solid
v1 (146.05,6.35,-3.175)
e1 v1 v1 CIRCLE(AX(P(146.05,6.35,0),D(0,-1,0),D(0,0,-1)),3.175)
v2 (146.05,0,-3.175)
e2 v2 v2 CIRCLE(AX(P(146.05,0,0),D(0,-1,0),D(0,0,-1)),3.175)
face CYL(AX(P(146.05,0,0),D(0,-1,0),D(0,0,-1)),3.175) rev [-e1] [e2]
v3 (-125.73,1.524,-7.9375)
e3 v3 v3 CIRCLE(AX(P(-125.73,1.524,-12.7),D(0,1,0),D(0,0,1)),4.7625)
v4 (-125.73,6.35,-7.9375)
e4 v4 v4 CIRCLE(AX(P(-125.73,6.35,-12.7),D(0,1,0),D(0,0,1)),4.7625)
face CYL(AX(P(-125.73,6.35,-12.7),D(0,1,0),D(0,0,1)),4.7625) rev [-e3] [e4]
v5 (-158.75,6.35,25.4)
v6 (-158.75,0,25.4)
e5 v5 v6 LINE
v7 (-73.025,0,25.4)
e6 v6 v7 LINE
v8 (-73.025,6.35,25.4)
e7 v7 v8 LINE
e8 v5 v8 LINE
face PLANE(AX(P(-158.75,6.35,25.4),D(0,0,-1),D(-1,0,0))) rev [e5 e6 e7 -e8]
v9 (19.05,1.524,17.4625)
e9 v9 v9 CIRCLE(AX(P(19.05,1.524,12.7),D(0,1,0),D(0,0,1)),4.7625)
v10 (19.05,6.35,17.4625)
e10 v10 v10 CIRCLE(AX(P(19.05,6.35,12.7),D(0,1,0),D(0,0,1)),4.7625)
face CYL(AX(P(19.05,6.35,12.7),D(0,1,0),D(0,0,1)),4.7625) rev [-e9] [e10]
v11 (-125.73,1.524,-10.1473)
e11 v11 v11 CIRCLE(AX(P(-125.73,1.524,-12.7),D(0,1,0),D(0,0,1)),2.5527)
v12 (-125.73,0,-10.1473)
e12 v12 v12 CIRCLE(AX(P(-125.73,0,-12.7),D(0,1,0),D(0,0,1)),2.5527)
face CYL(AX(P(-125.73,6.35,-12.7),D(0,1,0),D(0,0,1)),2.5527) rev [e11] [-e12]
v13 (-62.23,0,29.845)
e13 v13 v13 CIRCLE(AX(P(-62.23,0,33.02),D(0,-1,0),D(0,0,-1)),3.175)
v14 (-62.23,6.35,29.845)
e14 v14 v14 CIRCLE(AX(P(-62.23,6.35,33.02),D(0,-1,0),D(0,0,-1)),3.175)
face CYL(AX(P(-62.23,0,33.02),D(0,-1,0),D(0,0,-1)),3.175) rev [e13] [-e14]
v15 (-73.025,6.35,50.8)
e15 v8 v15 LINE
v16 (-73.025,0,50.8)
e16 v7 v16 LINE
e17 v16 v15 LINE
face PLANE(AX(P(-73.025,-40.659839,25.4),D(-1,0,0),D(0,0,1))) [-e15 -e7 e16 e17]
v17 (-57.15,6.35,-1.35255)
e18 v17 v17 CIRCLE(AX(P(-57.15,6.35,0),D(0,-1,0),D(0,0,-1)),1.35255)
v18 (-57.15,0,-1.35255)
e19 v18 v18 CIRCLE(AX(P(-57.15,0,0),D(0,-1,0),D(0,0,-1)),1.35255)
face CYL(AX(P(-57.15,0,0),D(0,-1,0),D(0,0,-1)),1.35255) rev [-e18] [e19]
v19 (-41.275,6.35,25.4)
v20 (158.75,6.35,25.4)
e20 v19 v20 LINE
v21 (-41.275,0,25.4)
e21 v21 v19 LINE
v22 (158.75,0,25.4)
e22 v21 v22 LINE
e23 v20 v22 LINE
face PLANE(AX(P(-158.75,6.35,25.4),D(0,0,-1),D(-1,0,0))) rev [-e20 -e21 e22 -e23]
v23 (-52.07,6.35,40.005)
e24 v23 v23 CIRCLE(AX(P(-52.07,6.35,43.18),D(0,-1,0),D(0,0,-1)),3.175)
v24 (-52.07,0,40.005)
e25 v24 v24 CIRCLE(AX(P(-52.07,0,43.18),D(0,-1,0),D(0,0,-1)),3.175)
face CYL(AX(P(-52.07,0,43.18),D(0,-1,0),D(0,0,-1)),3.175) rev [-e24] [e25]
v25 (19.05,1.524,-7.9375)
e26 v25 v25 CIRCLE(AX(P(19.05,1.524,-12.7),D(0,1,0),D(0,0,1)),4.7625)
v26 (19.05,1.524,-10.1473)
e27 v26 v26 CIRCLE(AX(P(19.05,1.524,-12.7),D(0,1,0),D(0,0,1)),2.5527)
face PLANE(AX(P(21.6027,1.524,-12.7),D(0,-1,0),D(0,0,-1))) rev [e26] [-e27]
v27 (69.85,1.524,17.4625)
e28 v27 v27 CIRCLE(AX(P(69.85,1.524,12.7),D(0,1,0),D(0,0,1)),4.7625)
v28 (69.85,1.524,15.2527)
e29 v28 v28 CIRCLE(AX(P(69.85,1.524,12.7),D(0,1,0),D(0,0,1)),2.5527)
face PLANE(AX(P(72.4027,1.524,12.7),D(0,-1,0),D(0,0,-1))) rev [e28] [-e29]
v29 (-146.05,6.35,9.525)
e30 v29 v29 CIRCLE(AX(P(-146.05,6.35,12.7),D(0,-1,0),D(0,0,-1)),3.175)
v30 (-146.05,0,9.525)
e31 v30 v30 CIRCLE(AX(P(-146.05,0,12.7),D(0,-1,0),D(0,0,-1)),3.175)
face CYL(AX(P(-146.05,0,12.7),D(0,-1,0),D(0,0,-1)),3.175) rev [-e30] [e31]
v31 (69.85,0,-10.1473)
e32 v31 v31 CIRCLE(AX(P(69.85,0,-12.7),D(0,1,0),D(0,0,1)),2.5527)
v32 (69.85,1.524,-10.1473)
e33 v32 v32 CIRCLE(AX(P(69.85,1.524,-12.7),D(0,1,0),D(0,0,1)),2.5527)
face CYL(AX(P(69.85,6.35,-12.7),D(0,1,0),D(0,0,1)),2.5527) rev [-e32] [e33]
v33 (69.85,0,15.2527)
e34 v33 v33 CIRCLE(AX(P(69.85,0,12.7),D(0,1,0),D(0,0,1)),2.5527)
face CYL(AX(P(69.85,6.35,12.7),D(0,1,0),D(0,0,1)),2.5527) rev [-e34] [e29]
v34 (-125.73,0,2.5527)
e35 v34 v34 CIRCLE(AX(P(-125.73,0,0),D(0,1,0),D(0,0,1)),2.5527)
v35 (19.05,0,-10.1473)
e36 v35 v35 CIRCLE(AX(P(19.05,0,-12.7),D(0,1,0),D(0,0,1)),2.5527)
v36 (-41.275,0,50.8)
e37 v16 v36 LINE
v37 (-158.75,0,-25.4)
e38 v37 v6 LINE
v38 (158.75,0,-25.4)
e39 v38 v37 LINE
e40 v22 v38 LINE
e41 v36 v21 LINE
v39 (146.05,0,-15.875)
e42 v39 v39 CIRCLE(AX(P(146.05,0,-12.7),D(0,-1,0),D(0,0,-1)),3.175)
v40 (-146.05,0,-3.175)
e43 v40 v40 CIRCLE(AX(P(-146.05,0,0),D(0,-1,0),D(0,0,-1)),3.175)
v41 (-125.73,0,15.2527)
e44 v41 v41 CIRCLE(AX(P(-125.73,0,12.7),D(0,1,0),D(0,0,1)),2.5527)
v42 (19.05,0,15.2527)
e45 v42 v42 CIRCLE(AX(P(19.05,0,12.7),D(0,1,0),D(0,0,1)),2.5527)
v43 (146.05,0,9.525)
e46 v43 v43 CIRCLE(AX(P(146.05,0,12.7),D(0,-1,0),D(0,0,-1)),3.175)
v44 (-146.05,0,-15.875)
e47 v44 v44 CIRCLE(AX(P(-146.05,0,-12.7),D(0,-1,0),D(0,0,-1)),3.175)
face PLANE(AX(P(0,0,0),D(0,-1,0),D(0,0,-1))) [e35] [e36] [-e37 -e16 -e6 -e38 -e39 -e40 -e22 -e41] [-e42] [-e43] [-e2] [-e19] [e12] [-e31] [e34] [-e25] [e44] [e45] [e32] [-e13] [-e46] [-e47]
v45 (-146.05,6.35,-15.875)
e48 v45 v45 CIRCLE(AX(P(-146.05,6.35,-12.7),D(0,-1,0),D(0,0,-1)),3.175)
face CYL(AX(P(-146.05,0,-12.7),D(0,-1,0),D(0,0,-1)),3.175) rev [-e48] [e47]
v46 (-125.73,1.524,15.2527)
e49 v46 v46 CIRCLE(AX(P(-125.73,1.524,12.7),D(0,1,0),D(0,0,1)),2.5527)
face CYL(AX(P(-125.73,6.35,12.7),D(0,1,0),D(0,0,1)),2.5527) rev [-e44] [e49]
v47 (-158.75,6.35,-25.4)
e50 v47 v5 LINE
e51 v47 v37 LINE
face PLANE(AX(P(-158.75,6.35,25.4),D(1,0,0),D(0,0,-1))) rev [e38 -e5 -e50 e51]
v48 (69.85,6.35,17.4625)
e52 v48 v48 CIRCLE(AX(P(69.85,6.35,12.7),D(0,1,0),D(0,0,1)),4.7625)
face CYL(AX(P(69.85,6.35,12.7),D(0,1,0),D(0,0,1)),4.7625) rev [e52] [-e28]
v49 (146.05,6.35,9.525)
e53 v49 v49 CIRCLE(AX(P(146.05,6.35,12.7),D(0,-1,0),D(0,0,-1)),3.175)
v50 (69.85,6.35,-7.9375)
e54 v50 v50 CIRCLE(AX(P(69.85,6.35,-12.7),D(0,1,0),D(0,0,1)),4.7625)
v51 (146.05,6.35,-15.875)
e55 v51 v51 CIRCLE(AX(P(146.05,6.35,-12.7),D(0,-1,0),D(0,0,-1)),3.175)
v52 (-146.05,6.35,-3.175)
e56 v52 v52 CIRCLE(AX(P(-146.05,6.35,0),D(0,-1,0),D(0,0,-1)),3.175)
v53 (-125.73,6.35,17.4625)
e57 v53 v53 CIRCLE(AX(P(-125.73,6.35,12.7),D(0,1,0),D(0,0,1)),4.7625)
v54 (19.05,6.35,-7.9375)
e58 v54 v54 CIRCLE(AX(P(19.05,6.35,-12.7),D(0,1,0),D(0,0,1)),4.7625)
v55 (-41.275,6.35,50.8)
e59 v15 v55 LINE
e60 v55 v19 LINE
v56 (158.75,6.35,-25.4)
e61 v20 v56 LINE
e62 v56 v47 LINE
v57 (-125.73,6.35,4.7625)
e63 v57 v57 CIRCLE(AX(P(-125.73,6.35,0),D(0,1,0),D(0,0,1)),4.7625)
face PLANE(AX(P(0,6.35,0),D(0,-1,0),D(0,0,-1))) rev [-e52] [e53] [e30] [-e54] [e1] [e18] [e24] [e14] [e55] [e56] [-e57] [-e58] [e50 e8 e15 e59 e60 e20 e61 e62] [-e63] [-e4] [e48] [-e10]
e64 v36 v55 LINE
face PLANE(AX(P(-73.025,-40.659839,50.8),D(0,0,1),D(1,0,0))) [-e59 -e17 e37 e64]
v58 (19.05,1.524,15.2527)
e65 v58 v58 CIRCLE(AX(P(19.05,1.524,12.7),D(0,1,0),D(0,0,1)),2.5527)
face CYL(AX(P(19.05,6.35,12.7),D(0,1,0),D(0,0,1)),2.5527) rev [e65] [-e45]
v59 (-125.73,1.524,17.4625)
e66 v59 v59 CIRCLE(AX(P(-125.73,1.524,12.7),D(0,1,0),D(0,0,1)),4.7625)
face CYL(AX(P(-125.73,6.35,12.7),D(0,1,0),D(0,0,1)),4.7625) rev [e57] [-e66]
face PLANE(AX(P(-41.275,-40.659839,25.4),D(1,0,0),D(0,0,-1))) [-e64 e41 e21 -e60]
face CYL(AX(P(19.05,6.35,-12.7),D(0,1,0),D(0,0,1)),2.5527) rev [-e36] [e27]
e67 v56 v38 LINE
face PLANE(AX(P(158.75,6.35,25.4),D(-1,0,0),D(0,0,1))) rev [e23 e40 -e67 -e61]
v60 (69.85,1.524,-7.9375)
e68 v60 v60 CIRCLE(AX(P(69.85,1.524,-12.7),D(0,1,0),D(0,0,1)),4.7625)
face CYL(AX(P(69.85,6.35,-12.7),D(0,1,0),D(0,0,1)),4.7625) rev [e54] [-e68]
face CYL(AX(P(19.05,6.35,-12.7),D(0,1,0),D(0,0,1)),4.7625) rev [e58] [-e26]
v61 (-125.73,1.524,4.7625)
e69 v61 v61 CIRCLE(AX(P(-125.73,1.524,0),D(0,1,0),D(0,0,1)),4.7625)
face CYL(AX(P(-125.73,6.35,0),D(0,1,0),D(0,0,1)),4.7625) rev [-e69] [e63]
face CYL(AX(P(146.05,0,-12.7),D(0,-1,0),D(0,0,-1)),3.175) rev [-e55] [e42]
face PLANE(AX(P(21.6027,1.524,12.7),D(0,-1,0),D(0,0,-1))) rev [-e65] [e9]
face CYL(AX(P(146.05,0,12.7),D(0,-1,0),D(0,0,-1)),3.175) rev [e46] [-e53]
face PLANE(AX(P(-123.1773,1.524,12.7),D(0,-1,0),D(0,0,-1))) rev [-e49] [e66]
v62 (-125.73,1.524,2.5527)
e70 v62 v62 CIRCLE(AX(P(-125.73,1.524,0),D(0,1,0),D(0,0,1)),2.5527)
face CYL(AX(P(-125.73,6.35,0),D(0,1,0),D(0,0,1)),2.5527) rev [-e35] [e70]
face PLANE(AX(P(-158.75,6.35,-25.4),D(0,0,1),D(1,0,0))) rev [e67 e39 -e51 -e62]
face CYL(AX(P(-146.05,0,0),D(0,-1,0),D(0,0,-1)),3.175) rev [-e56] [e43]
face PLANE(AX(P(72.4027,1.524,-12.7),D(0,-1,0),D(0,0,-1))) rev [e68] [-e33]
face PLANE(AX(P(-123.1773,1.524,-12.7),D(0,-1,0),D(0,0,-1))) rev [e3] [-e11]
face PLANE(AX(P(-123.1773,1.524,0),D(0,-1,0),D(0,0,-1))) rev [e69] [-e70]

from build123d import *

# Parameters (mm, degrees)
SKETCH1_W                                       = 317.5
SKETCH1_H                                       = 50.8
BOSS_EXTRUDE1_DEPTH                             = 6.35
CBORE_FOR_10_SOCKET_HEAD_CAP_SCREW1_D           = 5.1054
CBORE_FOR_10_SOCKET_HEAD_CAP_SCREW1_CBORE_D     = 9.525
CBORE_FOR_10_SOCKET_HEAD_CAP_SCREW1_CBORE_DEPTH = 4.826
F_1_4_0_25_DIAMETER_HOLE1_D                     = 6.35
F_6_32_TAPPED_HOLE1_D                           = 2.7051
SKETCH12_W                                      = 31.75
SKETCH12_H                                      = 25.4
BOSS_EXTRUDE3_DEPTH                             = 6.35
F_1_4_0_25_DIAMETER_HOLE2_D                     = 6.35


with BuildPart() as part:
    # Sketch1 → Boss-Extrude1 (new body)
    with BuildSketch(Plane(origin=(0, 0, 0), x_dir=(1, 0, 0), z_dir=(0, 1, 0))):
        Rectangle(SKETCH1_W, SKETCH1_H)
    extrude(amount=BOSS_EXTRUDE1_DEPTH)

    # CBORE for #10 Socket Head Cap Screw1 (through all)
    with Locations(Plane(origin=(0, 6.35, 0), x_dir=(1, 0, 0), z_dir=(0, 1, 0))):
        with Locations((-125.73, -12.7), (19.05, 12.7), (69.85, 12.7), (19.05, -12.7), (69.85, -12.7), (-125.73, 12.7), (-125.73, 0)):
            CounterBoreHole(CBORE_FOR_10_SOCKET_HEAD_CAP_SCREW1_D / 2, CBORE_FOR_10_SOCKET_HEAD_CAP_SCREW1_CBORE_D / 2, CBORE_FOR_10_SOCKET_HEAD_CAP_SCREW1_CBORE_DEPTH)

    # 1/4 (0.25) Diameter Hole1 (through all)
    with Locations(Plane.XZ):
        with Locations((-146.05, 12.7), (-146.05, 0), (-146.05, -12.7), (146.05, 12.7), (146.05, 0), (146.05, -12.7)):
            Hole(F_1_4_0_25_DIAMETER_HOLE1_D / 2)

    # #6-32 Tapped Hole1 (through all)
    with Locations(Plane(origin=(0, 0, 0), x_dir=(-1, 0, 0), z_dir=(0, -1, 0))):
        with Locations((57.15, 0)):
            Hole(F_6_32_TAPPED_HOLE1_D / 2)

    # Sketch12 → Boss-Extrude3 (add)
    with BuildSketch(Plane(origin=(0, 6.35, 0), x_dir=(1, 0, 0), z_dir=(0, 1, 0))):
        with Locations((-57.15, -38.1)):
            Rectangle(SKETCH12_W, SKETCH12_H)
    extrude(amount=-BOSS_EXTRUDE3_DEPTH)

    # 1/4 (0.25) Diameter Hole2 (through all)
    with Locations(Plane(origin=(0, 0, 0), x_dir=(-1, 0, 0), z_dir=(0, -1, 0))):
        with Locations((52.07, -43.18), (62.23, -33.02)):
            Hole(F_1_4_0_25_DIAMETER_HOLE2_D / 2)


solid = part.part
